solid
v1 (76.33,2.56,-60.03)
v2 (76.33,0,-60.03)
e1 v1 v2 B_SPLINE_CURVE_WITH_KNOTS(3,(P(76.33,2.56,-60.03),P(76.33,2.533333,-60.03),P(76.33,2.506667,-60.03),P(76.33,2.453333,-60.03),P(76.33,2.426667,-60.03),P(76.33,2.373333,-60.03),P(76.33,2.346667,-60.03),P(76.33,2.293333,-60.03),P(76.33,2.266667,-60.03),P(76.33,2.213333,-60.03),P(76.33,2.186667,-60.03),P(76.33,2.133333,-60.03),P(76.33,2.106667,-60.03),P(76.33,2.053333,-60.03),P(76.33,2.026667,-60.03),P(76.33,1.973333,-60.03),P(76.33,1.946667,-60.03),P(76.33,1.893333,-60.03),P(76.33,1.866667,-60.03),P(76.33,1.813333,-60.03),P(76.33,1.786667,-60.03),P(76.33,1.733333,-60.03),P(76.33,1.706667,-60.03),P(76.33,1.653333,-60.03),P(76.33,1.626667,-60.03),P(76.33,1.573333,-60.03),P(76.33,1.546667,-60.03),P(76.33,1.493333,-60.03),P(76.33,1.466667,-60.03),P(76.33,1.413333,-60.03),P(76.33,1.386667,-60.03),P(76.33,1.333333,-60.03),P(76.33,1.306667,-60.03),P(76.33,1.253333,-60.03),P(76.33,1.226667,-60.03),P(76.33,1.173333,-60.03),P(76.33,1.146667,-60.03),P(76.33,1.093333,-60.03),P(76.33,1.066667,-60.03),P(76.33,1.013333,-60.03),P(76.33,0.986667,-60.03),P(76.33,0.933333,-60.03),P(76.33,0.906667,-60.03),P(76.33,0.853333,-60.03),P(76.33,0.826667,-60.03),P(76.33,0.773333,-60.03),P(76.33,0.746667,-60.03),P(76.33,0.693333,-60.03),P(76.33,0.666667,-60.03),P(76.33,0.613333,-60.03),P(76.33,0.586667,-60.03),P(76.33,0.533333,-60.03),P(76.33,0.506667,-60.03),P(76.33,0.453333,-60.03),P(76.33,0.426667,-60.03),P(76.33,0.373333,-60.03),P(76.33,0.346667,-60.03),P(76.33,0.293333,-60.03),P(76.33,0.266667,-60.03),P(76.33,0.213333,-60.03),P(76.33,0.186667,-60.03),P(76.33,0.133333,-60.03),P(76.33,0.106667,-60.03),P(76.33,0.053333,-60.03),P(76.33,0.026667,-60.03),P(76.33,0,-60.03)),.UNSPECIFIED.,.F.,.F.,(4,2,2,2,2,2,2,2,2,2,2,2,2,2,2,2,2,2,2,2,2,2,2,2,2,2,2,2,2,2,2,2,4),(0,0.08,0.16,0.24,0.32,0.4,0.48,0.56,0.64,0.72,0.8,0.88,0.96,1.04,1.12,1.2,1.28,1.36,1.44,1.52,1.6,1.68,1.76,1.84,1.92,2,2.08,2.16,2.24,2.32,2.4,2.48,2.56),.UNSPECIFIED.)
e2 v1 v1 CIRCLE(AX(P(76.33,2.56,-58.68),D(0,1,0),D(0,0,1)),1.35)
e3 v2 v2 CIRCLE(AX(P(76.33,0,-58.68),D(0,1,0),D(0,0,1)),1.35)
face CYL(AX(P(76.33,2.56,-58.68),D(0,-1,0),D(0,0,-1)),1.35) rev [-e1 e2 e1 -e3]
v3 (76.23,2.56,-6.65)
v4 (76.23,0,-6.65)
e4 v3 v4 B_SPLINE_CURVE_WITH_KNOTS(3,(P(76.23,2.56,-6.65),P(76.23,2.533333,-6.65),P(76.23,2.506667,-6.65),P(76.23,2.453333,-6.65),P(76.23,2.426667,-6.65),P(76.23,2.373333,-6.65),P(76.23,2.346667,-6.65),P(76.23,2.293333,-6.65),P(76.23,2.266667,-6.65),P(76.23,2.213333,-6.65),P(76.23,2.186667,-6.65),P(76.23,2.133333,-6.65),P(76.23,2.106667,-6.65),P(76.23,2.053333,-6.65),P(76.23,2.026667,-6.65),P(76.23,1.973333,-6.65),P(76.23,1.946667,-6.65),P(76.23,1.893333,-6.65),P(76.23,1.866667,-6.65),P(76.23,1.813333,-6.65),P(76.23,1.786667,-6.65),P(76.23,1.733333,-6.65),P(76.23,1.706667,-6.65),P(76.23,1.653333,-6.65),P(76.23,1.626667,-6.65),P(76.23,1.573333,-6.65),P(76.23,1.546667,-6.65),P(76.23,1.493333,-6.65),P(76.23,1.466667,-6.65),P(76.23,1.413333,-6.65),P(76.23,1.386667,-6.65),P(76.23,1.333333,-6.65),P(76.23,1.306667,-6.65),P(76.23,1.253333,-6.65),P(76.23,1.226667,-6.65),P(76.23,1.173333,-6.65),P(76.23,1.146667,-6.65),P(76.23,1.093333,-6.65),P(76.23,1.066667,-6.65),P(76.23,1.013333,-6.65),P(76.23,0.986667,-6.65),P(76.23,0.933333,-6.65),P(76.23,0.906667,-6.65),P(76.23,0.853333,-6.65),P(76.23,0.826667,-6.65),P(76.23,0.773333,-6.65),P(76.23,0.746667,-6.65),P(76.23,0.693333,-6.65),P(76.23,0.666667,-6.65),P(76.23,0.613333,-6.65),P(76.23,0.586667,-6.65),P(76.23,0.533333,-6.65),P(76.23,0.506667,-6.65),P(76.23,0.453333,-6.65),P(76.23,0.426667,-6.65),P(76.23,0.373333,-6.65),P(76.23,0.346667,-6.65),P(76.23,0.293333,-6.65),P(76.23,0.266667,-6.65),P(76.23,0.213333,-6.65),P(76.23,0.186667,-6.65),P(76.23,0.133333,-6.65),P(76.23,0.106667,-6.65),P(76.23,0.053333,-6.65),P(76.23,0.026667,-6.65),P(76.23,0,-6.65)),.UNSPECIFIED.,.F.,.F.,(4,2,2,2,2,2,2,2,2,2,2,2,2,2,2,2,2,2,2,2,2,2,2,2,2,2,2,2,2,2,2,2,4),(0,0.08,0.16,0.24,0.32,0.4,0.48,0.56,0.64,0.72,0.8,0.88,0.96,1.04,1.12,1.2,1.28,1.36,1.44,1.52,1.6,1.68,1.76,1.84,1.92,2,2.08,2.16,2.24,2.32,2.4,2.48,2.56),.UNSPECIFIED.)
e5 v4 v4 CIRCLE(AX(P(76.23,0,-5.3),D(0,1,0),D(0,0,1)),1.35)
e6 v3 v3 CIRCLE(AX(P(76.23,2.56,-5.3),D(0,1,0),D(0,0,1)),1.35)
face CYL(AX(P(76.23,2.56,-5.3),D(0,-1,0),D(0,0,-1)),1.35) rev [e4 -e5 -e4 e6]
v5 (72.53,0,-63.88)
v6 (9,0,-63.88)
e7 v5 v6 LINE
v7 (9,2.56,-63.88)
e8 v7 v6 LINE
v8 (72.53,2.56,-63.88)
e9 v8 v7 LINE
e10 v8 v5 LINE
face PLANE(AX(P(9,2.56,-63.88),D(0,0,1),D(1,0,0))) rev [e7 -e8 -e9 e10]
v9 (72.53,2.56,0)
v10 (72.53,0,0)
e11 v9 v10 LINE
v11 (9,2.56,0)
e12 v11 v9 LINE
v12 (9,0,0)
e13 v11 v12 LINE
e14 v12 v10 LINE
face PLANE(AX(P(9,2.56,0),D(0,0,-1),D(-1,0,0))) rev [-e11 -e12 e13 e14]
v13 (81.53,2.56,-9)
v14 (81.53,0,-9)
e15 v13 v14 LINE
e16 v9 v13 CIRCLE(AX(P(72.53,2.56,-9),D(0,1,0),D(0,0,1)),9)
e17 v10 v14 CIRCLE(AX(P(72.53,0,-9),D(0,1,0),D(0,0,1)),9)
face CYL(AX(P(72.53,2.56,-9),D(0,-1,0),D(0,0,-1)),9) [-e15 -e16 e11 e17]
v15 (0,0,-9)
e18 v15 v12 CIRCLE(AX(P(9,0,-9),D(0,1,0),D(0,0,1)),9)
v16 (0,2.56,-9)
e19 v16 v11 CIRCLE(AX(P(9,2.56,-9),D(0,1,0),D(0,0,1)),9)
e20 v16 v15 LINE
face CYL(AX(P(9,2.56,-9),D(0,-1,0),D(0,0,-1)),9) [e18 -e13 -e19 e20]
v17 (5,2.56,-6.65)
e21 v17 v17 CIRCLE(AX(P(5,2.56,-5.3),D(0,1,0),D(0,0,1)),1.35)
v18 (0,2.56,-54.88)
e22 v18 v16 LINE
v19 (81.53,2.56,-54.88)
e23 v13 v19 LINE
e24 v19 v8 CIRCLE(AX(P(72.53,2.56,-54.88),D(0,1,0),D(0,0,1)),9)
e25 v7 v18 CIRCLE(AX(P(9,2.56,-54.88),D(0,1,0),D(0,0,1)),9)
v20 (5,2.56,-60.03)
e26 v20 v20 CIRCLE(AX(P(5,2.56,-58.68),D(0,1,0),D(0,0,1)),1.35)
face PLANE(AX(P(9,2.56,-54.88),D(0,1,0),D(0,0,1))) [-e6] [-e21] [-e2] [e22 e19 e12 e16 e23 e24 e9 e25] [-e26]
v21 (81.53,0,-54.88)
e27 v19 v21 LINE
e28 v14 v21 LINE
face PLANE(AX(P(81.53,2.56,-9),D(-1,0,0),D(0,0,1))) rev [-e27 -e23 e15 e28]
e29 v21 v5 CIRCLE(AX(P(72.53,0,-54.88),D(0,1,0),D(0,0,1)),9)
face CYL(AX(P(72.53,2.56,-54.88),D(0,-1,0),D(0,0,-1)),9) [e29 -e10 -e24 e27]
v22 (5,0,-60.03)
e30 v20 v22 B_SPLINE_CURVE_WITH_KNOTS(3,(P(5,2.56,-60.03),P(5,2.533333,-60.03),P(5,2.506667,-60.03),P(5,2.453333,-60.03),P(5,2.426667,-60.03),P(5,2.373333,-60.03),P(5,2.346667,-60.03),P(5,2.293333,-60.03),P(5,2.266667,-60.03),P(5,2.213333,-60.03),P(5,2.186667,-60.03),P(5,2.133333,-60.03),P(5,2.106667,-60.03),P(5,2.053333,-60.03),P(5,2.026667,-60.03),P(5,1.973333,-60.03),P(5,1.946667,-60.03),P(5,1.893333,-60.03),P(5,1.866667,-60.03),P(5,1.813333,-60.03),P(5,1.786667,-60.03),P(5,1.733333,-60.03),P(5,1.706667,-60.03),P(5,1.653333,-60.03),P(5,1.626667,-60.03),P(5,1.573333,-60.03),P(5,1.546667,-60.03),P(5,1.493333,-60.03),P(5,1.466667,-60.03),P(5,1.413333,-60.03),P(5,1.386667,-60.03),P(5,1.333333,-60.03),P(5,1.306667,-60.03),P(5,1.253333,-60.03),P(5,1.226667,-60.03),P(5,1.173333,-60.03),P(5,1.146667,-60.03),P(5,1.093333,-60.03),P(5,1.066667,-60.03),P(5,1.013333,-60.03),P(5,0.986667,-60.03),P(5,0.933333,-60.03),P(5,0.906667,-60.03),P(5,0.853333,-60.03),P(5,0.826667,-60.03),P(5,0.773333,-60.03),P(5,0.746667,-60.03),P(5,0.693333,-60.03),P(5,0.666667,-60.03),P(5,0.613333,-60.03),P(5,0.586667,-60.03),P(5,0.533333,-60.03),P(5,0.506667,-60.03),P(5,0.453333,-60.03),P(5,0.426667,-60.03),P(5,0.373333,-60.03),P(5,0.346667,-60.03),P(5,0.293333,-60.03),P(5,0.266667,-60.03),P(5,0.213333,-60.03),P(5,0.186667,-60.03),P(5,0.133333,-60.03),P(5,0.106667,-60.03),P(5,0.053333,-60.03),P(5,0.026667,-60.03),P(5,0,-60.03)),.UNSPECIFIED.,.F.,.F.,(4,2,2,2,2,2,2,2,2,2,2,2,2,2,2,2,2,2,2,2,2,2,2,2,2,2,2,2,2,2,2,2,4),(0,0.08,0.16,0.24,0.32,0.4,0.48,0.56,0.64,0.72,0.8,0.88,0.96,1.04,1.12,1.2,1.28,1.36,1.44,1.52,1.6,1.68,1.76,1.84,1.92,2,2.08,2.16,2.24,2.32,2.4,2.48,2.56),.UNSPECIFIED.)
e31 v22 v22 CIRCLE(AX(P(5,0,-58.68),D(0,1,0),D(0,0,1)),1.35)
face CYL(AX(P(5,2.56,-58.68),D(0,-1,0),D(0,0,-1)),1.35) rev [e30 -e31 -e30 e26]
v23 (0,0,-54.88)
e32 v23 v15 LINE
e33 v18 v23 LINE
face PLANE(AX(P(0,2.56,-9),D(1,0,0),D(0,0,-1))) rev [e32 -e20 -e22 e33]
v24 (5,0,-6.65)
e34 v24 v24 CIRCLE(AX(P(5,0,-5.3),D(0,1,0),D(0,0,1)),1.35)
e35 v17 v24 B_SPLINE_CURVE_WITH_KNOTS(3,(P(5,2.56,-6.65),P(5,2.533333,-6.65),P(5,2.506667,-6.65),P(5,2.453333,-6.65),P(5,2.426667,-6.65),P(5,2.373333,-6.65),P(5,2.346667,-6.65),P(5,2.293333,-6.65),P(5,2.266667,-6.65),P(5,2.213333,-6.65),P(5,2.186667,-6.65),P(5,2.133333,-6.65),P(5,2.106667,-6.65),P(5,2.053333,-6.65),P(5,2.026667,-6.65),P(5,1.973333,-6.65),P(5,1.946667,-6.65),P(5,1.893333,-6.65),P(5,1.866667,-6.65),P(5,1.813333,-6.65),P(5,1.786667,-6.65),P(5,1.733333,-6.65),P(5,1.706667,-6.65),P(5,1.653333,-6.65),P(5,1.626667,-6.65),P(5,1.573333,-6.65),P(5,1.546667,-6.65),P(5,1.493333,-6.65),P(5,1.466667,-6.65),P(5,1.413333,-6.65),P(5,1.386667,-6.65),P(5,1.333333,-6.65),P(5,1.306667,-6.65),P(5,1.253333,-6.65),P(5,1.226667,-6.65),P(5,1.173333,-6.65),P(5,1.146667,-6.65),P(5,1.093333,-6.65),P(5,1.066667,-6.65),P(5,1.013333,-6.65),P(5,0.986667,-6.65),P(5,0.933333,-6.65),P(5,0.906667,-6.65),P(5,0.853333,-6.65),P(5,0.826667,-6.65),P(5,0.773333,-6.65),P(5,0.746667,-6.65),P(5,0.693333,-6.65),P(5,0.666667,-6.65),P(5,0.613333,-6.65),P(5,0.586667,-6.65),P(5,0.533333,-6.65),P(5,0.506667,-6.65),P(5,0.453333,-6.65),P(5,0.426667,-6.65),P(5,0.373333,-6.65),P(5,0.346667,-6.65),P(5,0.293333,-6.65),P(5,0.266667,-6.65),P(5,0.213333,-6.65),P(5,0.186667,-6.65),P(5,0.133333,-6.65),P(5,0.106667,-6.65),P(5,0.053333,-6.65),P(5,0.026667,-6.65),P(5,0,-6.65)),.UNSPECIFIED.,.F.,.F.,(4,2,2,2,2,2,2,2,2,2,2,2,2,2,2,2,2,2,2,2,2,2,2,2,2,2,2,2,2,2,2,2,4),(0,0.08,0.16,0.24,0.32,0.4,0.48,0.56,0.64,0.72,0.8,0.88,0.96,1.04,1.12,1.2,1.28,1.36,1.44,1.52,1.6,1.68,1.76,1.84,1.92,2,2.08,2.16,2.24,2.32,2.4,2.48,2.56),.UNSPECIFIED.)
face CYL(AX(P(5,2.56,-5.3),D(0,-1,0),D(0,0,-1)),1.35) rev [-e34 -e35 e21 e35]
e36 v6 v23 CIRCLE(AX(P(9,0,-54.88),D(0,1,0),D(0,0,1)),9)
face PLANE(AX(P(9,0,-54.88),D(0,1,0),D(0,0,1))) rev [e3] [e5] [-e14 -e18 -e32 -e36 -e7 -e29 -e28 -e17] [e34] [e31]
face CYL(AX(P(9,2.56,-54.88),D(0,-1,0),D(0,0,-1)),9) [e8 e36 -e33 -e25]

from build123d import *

# Parameters (mm, degrees)
SKETCH1_R           = 1.35
BOSS_EXTRUDE1_DEPTH = 2.56


with BuildPart() as part:
    # Sketch1 → Boss-Extrude1 (new body)
    with BuildSketch(Plane(origin=(0, 0, 0), x_dir=(1, 0, 0), z_dir=(0, 1, 0))):
        with BuildLine():
            Line((9, 0), (72.53, 0))
            ThreePointArc((72.53, 0), (78.893961031, 2.636038969), (81.53, 9))
            Line((81.53, 9), (81.53, 54.88))
            ThreePointArc((81.53, 54.88), (78.893961031, 61.243961031), (72.53, 63.88))
            Line((72.53, 63.88), (9, 63.88))
            ThreePointArc((9, 63.88), (2.636038969, 61.243961031), (0, 54.88))
            Line((0, 54.88), (0, 9))
            ThreePointArc((0, 9), (2.636038969, 2.636038969), (9, 0))
        make_face()
        with Locations(Location((5, 5.3, 0), (0, 0, 90))):
            Circle(SKETCH1_R, mode=Mode.SUBTRACT)
        with Locations(Location((5, 58.68, 0), (0, 0, 90))):
            Circle(SKETCH1_R, mode=Mode.SUBTRACT)
        with Locations(Location((76.33, 58.68, 0), (0, 0, 90))):
            Circle(SKETCH1_R, mode=Mode.SUBTRACT)
        with Locations(Location((76.23, 5.3, 0), (0, 0, 90))):
            Circle(SKETCH1_R, mode=Mode.SUBTRACT)
    extrude(amount=BOSS_EXTRUDE1_DEPTH)


solid = part.part
